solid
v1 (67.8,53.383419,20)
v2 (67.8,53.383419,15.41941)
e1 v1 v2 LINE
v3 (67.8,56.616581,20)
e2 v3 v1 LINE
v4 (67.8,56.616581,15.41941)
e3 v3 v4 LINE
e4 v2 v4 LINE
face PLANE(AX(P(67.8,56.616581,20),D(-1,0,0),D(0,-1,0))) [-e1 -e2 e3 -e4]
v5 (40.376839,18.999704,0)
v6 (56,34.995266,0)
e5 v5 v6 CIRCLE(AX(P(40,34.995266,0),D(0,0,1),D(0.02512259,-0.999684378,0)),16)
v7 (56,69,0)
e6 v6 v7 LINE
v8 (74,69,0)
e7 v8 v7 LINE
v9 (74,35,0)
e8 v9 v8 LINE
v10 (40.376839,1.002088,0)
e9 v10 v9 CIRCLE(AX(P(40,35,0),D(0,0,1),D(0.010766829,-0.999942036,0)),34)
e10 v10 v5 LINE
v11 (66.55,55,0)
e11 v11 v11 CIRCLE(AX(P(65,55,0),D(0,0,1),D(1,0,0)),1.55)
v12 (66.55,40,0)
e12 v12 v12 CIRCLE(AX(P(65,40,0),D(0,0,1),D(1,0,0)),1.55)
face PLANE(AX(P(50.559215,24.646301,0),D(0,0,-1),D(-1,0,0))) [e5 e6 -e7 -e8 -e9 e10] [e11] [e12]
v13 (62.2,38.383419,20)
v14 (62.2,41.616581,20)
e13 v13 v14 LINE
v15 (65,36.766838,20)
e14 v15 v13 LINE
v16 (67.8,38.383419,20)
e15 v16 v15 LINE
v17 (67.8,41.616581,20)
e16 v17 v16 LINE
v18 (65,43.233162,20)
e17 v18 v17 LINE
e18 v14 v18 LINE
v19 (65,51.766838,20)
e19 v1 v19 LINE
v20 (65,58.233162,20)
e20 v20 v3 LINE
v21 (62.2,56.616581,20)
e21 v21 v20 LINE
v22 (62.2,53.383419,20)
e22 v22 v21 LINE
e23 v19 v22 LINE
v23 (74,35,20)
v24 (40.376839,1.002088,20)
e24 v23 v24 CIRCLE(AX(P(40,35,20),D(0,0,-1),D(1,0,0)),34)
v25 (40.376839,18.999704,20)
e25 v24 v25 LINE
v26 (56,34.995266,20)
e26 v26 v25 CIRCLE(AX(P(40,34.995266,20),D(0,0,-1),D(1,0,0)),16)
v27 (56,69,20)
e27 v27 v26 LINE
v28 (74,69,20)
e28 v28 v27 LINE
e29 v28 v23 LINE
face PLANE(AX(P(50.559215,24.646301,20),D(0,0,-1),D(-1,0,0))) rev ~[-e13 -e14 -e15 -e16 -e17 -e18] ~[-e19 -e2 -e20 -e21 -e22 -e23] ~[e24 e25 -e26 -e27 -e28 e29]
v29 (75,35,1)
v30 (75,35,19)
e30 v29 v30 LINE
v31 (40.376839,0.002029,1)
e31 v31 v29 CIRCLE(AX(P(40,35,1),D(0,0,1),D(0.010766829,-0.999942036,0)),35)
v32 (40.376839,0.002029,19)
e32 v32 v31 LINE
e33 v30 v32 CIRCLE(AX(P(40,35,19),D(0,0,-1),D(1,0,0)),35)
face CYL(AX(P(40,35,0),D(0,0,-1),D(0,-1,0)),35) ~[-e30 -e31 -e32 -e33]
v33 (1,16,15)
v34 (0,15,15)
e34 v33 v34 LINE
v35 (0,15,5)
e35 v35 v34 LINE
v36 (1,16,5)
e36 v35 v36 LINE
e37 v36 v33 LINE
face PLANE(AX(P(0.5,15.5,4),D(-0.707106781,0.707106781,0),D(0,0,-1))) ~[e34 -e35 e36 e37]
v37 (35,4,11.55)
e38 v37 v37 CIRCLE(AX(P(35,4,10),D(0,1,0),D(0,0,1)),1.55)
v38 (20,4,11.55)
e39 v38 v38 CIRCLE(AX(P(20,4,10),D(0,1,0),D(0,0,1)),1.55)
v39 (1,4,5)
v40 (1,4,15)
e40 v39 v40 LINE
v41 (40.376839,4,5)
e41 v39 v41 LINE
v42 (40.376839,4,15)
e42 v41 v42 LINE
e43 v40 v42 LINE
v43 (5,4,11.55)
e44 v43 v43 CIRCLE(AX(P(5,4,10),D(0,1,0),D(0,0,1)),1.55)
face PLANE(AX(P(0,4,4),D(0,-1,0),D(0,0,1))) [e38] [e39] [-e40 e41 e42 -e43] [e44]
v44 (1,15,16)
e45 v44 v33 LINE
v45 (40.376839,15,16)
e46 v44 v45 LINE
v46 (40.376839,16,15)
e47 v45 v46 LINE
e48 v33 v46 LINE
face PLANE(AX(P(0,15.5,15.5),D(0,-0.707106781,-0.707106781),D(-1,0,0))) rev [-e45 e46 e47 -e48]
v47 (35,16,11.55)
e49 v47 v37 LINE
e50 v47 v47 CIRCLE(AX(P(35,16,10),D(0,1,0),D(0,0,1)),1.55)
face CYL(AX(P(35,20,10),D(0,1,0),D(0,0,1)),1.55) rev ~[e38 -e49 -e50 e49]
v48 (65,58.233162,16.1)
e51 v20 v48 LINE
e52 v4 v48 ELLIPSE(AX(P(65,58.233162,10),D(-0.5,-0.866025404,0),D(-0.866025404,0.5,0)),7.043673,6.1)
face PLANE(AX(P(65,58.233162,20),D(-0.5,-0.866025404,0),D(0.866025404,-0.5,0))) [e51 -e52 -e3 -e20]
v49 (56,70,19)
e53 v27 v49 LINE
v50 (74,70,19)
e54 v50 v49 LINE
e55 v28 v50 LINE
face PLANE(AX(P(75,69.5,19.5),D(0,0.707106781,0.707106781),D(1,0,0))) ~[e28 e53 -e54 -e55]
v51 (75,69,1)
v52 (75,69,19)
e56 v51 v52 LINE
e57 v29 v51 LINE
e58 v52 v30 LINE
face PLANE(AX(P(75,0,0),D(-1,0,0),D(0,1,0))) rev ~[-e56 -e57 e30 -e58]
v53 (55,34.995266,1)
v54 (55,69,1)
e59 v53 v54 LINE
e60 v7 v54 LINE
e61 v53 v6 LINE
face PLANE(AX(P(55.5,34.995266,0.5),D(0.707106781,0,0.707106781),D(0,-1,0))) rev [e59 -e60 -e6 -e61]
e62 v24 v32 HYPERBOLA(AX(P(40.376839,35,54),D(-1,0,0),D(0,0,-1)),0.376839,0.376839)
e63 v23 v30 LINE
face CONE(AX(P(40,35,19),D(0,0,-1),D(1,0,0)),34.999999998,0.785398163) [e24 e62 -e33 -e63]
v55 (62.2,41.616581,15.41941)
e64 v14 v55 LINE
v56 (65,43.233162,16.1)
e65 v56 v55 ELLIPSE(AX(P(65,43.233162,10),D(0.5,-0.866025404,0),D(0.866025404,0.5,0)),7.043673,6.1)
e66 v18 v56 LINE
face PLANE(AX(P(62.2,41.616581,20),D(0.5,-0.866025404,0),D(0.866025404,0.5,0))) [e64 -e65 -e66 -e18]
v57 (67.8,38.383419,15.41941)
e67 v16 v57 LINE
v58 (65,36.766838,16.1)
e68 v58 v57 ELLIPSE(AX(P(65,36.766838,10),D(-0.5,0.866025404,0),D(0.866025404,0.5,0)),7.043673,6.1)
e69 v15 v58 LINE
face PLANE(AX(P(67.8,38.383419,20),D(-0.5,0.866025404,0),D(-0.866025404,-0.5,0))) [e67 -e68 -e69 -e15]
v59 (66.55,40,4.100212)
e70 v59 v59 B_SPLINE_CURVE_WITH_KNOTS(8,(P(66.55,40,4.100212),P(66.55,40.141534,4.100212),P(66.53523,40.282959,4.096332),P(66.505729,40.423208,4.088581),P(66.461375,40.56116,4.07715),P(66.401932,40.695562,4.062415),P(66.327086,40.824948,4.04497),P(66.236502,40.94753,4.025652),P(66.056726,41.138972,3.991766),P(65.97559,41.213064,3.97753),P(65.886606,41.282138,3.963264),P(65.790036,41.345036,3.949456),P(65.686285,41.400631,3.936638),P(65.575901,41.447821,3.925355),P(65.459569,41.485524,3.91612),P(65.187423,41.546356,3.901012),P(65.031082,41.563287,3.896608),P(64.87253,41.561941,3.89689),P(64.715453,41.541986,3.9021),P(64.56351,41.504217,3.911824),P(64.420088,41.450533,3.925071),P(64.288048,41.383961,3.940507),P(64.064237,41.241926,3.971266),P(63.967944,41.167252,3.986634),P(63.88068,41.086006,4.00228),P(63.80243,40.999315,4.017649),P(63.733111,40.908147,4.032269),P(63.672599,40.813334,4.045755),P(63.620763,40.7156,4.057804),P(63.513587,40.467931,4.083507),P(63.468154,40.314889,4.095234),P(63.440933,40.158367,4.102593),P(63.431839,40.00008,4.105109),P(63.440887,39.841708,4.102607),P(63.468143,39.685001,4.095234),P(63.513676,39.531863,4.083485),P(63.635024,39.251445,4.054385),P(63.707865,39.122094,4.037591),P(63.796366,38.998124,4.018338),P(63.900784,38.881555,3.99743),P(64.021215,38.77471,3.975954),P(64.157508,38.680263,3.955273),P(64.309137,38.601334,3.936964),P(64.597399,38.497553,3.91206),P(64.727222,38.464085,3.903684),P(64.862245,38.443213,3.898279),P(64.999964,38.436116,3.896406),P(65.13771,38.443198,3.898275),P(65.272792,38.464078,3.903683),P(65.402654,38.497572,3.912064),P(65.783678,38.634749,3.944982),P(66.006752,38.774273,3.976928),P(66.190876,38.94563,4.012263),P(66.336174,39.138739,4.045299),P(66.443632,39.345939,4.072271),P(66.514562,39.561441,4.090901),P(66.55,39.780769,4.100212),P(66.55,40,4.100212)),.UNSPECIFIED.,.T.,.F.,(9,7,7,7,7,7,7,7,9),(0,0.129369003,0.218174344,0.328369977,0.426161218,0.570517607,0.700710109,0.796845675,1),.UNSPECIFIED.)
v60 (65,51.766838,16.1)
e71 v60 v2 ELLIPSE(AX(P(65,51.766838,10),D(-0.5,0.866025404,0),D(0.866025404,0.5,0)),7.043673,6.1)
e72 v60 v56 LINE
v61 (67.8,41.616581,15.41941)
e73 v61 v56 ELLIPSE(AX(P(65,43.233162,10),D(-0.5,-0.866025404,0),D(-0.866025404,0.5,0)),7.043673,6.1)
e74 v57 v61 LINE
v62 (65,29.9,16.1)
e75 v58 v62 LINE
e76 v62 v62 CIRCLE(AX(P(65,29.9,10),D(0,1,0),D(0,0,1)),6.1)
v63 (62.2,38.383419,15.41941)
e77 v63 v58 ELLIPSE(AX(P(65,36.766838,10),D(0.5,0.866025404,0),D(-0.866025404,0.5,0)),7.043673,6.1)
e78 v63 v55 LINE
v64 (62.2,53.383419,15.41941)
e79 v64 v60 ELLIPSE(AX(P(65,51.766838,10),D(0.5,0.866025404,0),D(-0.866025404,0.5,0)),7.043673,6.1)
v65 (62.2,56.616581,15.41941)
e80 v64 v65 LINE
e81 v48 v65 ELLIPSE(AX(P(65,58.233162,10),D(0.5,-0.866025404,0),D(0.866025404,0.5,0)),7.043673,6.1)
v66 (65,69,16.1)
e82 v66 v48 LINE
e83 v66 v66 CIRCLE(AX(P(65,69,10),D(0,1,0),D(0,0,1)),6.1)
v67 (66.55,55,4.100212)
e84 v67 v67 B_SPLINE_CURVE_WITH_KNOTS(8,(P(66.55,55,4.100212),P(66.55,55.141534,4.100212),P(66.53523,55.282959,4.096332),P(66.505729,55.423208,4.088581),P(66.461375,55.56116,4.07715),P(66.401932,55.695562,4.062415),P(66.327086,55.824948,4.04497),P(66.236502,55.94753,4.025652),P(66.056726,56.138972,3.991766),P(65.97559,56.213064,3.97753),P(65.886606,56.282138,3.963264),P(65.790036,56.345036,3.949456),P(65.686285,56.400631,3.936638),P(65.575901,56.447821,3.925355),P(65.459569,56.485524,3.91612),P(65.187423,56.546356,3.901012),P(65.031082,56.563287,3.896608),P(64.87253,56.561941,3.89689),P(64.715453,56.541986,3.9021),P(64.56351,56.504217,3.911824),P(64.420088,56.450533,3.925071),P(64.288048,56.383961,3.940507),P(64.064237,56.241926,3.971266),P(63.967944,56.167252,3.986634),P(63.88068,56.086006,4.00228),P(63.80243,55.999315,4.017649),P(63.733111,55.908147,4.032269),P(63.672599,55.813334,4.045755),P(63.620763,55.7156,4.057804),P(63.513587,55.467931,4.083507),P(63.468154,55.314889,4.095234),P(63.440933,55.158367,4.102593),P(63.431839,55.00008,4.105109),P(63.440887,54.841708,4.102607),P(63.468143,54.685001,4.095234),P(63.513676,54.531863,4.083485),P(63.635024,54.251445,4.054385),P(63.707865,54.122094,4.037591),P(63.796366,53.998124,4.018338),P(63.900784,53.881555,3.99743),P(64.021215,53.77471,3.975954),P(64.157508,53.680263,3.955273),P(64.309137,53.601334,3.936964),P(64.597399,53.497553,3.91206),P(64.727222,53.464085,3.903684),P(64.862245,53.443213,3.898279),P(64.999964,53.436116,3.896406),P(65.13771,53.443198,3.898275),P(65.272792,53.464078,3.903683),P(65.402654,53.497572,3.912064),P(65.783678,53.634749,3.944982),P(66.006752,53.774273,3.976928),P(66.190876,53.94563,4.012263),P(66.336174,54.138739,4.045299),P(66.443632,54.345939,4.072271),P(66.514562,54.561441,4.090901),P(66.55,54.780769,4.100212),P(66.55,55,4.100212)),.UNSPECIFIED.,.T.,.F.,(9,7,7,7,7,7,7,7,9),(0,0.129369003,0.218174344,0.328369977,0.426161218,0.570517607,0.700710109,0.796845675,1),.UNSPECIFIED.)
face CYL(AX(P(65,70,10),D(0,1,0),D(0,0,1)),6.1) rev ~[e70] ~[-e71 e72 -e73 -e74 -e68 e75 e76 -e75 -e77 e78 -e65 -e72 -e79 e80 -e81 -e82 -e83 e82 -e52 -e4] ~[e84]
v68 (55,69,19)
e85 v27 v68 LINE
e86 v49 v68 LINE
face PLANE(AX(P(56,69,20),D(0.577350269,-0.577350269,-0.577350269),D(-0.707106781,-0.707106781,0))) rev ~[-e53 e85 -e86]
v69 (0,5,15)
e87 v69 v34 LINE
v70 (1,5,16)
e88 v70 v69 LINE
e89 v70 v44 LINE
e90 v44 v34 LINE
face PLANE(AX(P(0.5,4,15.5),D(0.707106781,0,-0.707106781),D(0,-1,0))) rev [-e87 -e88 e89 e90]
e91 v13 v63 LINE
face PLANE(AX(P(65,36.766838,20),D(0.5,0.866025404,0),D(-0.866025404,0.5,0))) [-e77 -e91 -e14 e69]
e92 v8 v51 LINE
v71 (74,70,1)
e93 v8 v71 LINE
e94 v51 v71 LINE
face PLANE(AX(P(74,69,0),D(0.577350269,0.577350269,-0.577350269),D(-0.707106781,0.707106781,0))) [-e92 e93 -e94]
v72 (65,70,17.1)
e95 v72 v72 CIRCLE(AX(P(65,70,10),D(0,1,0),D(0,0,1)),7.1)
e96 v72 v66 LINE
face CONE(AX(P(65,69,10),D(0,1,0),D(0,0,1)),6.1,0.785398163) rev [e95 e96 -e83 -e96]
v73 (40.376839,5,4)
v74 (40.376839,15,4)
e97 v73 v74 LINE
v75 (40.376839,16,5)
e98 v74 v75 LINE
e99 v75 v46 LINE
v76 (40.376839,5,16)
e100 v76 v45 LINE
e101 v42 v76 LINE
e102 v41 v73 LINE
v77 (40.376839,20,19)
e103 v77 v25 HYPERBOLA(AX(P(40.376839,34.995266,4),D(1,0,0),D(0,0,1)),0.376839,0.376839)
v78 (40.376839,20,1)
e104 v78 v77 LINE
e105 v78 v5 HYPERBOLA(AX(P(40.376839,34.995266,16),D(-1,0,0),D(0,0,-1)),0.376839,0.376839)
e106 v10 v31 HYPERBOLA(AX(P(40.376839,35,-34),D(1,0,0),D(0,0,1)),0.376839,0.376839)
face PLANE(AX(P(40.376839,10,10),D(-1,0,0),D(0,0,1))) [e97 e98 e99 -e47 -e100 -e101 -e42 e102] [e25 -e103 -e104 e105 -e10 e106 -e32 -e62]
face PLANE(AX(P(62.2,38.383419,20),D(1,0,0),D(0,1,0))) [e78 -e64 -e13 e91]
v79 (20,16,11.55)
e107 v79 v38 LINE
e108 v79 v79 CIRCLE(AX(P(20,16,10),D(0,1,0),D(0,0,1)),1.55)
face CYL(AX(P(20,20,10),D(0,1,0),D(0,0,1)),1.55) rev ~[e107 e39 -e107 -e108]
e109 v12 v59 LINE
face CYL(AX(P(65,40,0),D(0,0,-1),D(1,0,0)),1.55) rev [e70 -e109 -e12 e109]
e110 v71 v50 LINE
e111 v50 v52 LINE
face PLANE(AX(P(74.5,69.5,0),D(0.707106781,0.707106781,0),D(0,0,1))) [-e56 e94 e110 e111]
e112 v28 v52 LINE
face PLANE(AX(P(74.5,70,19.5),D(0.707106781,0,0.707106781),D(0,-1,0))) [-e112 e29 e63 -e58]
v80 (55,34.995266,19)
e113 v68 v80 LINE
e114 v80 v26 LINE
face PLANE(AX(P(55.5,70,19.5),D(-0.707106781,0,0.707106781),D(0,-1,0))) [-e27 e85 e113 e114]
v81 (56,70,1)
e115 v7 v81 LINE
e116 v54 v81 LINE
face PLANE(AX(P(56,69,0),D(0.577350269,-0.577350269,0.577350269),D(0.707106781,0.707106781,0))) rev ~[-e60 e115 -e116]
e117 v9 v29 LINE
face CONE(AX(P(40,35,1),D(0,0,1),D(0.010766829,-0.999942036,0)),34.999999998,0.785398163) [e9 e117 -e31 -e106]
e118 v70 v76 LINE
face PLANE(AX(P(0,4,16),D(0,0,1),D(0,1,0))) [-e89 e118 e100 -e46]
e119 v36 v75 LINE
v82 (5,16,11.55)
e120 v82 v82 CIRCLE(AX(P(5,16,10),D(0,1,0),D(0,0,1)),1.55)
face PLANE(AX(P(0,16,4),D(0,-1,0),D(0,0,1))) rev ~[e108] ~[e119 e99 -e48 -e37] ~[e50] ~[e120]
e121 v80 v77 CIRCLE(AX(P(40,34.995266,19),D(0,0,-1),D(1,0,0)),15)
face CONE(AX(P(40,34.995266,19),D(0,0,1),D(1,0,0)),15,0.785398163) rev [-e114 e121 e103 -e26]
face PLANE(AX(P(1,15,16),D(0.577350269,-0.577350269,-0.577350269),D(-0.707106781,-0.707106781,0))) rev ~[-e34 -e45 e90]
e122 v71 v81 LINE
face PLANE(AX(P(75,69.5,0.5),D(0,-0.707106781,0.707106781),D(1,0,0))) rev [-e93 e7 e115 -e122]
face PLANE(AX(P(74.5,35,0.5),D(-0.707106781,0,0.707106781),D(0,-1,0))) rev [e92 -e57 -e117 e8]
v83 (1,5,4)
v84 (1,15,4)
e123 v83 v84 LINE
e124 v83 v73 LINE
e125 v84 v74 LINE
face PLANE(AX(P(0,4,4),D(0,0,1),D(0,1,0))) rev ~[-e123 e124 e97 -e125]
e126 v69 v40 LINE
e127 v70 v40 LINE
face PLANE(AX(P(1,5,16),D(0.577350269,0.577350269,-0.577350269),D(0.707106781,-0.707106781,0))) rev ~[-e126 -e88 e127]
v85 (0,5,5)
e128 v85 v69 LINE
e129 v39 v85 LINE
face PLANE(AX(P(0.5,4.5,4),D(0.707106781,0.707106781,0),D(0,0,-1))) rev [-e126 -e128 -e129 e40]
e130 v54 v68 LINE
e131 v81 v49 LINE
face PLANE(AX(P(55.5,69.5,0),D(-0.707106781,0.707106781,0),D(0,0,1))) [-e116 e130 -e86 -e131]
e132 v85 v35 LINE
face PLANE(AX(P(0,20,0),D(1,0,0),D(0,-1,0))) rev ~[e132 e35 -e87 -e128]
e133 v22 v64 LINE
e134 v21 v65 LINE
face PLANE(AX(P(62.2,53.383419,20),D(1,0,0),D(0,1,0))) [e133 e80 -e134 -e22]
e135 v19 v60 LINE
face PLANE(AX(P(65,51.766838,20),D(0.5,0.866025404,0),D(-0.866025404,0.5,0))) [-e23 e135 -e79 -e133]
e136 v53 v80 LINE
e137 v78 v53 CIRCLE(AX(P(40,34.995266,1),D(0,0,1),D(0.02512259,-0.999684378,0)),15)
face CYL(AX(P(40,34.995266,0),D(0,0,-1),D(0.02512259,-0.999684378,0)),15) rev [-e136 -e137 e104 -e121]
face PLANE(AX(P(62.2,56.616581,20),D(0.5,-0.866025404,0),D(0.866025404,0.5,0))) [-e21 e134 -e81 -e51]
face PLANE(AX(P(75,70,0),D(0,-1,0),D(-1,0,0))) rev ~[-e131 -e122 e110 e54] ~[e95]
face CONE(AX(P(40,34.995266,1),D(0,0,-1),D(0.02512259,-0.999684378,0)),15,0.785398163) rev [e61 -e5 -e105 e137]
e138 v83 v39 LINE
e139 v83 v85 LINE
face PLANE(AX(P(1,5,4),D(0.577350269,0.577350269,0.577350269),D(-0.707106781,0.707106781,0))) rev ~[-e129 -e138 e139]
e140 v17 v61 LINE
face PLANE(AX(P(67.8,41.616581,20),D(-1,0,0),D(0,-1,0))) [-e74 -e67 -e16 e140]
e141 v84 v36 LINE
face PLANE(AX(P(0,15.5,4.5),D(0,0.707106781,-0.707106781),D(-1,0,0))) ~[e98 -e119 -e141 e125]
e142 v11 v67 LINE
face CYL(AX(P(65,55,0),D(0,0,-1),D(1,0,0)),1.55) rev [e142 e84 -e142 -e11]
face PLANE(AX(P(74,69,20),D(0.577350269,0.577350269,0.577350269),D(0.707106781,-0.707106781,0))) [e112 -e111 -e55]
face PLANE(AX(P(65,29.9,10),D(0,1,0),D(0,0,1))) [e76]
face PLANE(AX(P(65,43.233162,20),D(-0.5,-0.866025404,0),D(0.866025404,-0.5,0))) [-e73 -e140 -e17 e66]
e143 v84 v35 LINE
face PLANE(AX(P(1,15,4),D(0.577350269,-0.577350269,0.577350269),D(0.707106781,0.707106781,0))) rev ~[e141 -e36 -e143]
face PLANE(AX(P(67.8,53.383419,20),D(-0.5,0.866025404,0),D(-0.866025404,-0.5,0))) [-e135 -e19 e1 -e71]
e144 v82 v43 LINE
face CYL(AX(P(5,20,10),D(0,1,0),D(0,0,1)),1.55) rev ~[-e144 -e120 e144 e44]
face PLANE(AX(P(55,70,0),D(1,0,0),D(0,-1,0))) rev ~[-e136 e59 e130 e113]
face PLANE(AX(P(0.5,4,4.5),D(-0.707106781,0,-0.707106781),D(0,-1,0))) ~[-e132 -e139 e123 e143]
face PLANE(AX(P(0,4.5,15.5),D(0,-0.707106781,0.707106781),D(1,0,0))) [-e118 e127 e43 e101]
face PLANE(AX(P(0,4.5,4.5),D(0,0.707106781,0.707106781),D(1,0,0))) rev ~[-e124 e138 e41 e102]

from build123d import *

# Parameters (mm, degrees)
SKETCH_13_R          = 1.55
EXTRUDE_6_DEPTH      = 20
SKETCH_15_R          = 6.1
CUT_EXTRUDE_4_DEPTH  = 40.1
SKETCH_16_R          = 1.55
CUT_EXTRUDE_5_DEPTH  = 93.330926639
CUT_EXTRUDE_7_DEPTH  = 105.522724888
EXTRUDE_8_DEPTH      = 20
CUT_EXTRUDE_8_DEPTH  = 4
CUT_EXTRUDE_9_DEPTH  = 5
SKETCH_29_W          = 20
SKETCH_29_H          = 20
SKETCH_29_W_2        = 12
SKETCH_29_H_2        = 12
CUT_EXTRUDE_11_DEPTH = 40.376839
CHAMFER_7_SIZE       = 1


with BuildPart() as part:
    # 草图13 → 凸台-拉伸6 (new body)
    with BuildSketch(Plane.XY):
        Polygon((0, 0), (45, 0), (75, 0), (75, 70), (55, 70), (55, 20), (45, 20), (0, 20), align=None)
        with Locations((65, 40)):
            Circle(SKETCH_13_R, mode=Mode.SUBTRACT)
        with Locations((65, 55)):
            Circle(SKETCH_13_R, mode=Mode.SUBTRACT)
    extrude(amount=EXTRUDE_6_DEPTH)

    # 草图15 → 切除-拉伸4 (cut)
    with BuildSketch(Plane(origin=(0, 70, 0), x_dir=(1, 0, 0), z_dir=(0, 1, 0))):
        with Locations(Location((65, -10, 0), (0, 0, 270))):
            Circle(SKETCH_15_R)
    extrude(amount=-CUT_EXTRUDE_4_DEPTH, mode=Mode.SUBTRACT)

    # 草图16 → 切除-拉伸5 (cut, through all)
    with BuildSketch(Plane(origin=(0, 20, 0), x_dir=(1, 0, 0), z_dir=(0, 1, 0))):
        with Locations(Location((5, -10, 0), (0, 0, 270))):
            Circle(SKETCH_16_R)
        with Locations(Location((20, -10, 0), (0, 0, 270))):
            Circle(SKETCH_16_R)
        with Locations(Location((35, -10, 0), (0, 0, 270))):
            Circle(SKETCH_16_R)
    extrude(amount=-CUT_EXTRUDE_5_DEPTH, mode=Mode.SUBTRACT)

    # 草图24 → 切除-拉伸7 (cut, through all)
    with BuildSketch(Plane(origin=(0, 0, 0), x_dir=(-1, 0, 0), z_dir=(0, 0, -1))):
        with BuildLine():
            Line((-75, 35), (-75, 0))
            Line((-75, 0), (-40, 0))
            ThreePointArc((-40, 0), (-64.748737342, 10.251262658), (-75, 35))
        make_face()
    extrude(amount=-CUT_EXTRUDE_7_DEPTH, mode=Mode.SUBTRACT)

    # 草图25 → 凸台-拉伸8 (add)
    with BuildSketch(Plane(origin=(0, 0, 0), x_dir=(-1, 0, 0), z_dir=(0, 0, -1))):
        with BuildLine():
            Line((-55, 34.995265669), (-55, 20))
            Line((-55, 20), (-40.376838854, 20))
            ThreePointArc((-40.376838854, 20), (-50.739007934, 24.522744072), (-55, 34.995265669))
        make_face()
    extrude(amount=-EXTRUDE_8_DEPTH)

    # 草图26 → 切除-拉伸8 (cut)
    with BuildSketch(Plane.XZ):
        Polygon((4.044652328, 6.911206682), (7.197299644, 7.628247988), (8.152647316, 10.717041306), (5.955347672, 13.088793318), (2.802700356, 12.371752012), (1.847352684, 9.282958694), align=None)
        Polygon((19.044652328, 6.911206682), (22.197299644, 7.628247988), (23.152647316, 10.717041306), (20.955347672, 13.088793318), (17.802700356, 12.371752012), (16.847352684, 9.282958694), align=None)
        Polygon((34.044652328, 6.911206682), (37.197299644, 7.628247988), (38.152647316, 10.717041306), (35.955347672, 13.088793318), (32.802700356, 12.371752012), (31.847352684, 9.282958694), align=None)
    extrude(amount=-CUT_EXTRUDE_8_DEPTH, mode=Mode.SUBTRACT)

    # 草图27 → 切除-拉伸9 (cut)
    with BuildSketch(Plane(origin=(0, 0, 20), x_dir=(-1, 0, 0), z_dir=(0, 0, -1))):
        Polygon((-65, 36.766838493), (-62.2, 38.383419246), (-62.2, 41.616580754), (-65, 43.233161507), (-67.8, 41.616580754), (-67.8, 38.383419246), align=None)
        Polygon((-65, 51.766838493), (-62.2, 53.383419246), (-62.2, 56.616580754), (-65, 58.233161507), (-67.8, 56.616580754), (-67.8, 53.383419246), align=None)
    extrude(amount=CUT_EXTRUDE_9_DEPTH, mode=Mode.SUBTRACT)

    # 草图29 → 切除-拉伸11 (cut)
    with BuildSketch(Plane.ZY):
        with Locations((10, 10)):
            Rectangle(SKETCH_29_W, SKETCH_29_H)
        with Locations((10, 10)):
            Rectangle(SKETCH_29_W_2, SKETCH_29_H_2, mode=Mode.SUBTRACT)
    extrude(amount=-CUT_EXTRUDE_11_DEPTH, mode=Mode.SUBTRACT)

    # 倒角7
    chamfer_7_edges = [part.edges().sort_by_distance(p)[0] for p in [
        (55, 70, 10),
        (75, 70, 10),
        (65, 70, 20),
        (64.881613342, 10.384855932, 0),
        (64.881613342, 10.384855932, 20),
        (0, 16, 10),
        (20.1884195, 16, 16),
        (0, 4, 10),
        (20.1884195, 4, 4),
        (0, 10, 16),
        (20.1884195, 4, 16),
        (0, 10, 4),
        (20.1884195, 16, 4),
        (55, 52.497632834, 20),
        (65, 70, 3.9),
        (75, 52.5, 0),
        (75, 52.5, 20),
        (50.739007934, 24.522744072, 0),
        (50.739007934, 24.522744072, 20),
        (55, 52.497632834, 0),
        (65, 70, 0),
    ]]
    chamfer(chamfer_7_edges, length=CHAMFER_7_SIZE)


solid = part.part
